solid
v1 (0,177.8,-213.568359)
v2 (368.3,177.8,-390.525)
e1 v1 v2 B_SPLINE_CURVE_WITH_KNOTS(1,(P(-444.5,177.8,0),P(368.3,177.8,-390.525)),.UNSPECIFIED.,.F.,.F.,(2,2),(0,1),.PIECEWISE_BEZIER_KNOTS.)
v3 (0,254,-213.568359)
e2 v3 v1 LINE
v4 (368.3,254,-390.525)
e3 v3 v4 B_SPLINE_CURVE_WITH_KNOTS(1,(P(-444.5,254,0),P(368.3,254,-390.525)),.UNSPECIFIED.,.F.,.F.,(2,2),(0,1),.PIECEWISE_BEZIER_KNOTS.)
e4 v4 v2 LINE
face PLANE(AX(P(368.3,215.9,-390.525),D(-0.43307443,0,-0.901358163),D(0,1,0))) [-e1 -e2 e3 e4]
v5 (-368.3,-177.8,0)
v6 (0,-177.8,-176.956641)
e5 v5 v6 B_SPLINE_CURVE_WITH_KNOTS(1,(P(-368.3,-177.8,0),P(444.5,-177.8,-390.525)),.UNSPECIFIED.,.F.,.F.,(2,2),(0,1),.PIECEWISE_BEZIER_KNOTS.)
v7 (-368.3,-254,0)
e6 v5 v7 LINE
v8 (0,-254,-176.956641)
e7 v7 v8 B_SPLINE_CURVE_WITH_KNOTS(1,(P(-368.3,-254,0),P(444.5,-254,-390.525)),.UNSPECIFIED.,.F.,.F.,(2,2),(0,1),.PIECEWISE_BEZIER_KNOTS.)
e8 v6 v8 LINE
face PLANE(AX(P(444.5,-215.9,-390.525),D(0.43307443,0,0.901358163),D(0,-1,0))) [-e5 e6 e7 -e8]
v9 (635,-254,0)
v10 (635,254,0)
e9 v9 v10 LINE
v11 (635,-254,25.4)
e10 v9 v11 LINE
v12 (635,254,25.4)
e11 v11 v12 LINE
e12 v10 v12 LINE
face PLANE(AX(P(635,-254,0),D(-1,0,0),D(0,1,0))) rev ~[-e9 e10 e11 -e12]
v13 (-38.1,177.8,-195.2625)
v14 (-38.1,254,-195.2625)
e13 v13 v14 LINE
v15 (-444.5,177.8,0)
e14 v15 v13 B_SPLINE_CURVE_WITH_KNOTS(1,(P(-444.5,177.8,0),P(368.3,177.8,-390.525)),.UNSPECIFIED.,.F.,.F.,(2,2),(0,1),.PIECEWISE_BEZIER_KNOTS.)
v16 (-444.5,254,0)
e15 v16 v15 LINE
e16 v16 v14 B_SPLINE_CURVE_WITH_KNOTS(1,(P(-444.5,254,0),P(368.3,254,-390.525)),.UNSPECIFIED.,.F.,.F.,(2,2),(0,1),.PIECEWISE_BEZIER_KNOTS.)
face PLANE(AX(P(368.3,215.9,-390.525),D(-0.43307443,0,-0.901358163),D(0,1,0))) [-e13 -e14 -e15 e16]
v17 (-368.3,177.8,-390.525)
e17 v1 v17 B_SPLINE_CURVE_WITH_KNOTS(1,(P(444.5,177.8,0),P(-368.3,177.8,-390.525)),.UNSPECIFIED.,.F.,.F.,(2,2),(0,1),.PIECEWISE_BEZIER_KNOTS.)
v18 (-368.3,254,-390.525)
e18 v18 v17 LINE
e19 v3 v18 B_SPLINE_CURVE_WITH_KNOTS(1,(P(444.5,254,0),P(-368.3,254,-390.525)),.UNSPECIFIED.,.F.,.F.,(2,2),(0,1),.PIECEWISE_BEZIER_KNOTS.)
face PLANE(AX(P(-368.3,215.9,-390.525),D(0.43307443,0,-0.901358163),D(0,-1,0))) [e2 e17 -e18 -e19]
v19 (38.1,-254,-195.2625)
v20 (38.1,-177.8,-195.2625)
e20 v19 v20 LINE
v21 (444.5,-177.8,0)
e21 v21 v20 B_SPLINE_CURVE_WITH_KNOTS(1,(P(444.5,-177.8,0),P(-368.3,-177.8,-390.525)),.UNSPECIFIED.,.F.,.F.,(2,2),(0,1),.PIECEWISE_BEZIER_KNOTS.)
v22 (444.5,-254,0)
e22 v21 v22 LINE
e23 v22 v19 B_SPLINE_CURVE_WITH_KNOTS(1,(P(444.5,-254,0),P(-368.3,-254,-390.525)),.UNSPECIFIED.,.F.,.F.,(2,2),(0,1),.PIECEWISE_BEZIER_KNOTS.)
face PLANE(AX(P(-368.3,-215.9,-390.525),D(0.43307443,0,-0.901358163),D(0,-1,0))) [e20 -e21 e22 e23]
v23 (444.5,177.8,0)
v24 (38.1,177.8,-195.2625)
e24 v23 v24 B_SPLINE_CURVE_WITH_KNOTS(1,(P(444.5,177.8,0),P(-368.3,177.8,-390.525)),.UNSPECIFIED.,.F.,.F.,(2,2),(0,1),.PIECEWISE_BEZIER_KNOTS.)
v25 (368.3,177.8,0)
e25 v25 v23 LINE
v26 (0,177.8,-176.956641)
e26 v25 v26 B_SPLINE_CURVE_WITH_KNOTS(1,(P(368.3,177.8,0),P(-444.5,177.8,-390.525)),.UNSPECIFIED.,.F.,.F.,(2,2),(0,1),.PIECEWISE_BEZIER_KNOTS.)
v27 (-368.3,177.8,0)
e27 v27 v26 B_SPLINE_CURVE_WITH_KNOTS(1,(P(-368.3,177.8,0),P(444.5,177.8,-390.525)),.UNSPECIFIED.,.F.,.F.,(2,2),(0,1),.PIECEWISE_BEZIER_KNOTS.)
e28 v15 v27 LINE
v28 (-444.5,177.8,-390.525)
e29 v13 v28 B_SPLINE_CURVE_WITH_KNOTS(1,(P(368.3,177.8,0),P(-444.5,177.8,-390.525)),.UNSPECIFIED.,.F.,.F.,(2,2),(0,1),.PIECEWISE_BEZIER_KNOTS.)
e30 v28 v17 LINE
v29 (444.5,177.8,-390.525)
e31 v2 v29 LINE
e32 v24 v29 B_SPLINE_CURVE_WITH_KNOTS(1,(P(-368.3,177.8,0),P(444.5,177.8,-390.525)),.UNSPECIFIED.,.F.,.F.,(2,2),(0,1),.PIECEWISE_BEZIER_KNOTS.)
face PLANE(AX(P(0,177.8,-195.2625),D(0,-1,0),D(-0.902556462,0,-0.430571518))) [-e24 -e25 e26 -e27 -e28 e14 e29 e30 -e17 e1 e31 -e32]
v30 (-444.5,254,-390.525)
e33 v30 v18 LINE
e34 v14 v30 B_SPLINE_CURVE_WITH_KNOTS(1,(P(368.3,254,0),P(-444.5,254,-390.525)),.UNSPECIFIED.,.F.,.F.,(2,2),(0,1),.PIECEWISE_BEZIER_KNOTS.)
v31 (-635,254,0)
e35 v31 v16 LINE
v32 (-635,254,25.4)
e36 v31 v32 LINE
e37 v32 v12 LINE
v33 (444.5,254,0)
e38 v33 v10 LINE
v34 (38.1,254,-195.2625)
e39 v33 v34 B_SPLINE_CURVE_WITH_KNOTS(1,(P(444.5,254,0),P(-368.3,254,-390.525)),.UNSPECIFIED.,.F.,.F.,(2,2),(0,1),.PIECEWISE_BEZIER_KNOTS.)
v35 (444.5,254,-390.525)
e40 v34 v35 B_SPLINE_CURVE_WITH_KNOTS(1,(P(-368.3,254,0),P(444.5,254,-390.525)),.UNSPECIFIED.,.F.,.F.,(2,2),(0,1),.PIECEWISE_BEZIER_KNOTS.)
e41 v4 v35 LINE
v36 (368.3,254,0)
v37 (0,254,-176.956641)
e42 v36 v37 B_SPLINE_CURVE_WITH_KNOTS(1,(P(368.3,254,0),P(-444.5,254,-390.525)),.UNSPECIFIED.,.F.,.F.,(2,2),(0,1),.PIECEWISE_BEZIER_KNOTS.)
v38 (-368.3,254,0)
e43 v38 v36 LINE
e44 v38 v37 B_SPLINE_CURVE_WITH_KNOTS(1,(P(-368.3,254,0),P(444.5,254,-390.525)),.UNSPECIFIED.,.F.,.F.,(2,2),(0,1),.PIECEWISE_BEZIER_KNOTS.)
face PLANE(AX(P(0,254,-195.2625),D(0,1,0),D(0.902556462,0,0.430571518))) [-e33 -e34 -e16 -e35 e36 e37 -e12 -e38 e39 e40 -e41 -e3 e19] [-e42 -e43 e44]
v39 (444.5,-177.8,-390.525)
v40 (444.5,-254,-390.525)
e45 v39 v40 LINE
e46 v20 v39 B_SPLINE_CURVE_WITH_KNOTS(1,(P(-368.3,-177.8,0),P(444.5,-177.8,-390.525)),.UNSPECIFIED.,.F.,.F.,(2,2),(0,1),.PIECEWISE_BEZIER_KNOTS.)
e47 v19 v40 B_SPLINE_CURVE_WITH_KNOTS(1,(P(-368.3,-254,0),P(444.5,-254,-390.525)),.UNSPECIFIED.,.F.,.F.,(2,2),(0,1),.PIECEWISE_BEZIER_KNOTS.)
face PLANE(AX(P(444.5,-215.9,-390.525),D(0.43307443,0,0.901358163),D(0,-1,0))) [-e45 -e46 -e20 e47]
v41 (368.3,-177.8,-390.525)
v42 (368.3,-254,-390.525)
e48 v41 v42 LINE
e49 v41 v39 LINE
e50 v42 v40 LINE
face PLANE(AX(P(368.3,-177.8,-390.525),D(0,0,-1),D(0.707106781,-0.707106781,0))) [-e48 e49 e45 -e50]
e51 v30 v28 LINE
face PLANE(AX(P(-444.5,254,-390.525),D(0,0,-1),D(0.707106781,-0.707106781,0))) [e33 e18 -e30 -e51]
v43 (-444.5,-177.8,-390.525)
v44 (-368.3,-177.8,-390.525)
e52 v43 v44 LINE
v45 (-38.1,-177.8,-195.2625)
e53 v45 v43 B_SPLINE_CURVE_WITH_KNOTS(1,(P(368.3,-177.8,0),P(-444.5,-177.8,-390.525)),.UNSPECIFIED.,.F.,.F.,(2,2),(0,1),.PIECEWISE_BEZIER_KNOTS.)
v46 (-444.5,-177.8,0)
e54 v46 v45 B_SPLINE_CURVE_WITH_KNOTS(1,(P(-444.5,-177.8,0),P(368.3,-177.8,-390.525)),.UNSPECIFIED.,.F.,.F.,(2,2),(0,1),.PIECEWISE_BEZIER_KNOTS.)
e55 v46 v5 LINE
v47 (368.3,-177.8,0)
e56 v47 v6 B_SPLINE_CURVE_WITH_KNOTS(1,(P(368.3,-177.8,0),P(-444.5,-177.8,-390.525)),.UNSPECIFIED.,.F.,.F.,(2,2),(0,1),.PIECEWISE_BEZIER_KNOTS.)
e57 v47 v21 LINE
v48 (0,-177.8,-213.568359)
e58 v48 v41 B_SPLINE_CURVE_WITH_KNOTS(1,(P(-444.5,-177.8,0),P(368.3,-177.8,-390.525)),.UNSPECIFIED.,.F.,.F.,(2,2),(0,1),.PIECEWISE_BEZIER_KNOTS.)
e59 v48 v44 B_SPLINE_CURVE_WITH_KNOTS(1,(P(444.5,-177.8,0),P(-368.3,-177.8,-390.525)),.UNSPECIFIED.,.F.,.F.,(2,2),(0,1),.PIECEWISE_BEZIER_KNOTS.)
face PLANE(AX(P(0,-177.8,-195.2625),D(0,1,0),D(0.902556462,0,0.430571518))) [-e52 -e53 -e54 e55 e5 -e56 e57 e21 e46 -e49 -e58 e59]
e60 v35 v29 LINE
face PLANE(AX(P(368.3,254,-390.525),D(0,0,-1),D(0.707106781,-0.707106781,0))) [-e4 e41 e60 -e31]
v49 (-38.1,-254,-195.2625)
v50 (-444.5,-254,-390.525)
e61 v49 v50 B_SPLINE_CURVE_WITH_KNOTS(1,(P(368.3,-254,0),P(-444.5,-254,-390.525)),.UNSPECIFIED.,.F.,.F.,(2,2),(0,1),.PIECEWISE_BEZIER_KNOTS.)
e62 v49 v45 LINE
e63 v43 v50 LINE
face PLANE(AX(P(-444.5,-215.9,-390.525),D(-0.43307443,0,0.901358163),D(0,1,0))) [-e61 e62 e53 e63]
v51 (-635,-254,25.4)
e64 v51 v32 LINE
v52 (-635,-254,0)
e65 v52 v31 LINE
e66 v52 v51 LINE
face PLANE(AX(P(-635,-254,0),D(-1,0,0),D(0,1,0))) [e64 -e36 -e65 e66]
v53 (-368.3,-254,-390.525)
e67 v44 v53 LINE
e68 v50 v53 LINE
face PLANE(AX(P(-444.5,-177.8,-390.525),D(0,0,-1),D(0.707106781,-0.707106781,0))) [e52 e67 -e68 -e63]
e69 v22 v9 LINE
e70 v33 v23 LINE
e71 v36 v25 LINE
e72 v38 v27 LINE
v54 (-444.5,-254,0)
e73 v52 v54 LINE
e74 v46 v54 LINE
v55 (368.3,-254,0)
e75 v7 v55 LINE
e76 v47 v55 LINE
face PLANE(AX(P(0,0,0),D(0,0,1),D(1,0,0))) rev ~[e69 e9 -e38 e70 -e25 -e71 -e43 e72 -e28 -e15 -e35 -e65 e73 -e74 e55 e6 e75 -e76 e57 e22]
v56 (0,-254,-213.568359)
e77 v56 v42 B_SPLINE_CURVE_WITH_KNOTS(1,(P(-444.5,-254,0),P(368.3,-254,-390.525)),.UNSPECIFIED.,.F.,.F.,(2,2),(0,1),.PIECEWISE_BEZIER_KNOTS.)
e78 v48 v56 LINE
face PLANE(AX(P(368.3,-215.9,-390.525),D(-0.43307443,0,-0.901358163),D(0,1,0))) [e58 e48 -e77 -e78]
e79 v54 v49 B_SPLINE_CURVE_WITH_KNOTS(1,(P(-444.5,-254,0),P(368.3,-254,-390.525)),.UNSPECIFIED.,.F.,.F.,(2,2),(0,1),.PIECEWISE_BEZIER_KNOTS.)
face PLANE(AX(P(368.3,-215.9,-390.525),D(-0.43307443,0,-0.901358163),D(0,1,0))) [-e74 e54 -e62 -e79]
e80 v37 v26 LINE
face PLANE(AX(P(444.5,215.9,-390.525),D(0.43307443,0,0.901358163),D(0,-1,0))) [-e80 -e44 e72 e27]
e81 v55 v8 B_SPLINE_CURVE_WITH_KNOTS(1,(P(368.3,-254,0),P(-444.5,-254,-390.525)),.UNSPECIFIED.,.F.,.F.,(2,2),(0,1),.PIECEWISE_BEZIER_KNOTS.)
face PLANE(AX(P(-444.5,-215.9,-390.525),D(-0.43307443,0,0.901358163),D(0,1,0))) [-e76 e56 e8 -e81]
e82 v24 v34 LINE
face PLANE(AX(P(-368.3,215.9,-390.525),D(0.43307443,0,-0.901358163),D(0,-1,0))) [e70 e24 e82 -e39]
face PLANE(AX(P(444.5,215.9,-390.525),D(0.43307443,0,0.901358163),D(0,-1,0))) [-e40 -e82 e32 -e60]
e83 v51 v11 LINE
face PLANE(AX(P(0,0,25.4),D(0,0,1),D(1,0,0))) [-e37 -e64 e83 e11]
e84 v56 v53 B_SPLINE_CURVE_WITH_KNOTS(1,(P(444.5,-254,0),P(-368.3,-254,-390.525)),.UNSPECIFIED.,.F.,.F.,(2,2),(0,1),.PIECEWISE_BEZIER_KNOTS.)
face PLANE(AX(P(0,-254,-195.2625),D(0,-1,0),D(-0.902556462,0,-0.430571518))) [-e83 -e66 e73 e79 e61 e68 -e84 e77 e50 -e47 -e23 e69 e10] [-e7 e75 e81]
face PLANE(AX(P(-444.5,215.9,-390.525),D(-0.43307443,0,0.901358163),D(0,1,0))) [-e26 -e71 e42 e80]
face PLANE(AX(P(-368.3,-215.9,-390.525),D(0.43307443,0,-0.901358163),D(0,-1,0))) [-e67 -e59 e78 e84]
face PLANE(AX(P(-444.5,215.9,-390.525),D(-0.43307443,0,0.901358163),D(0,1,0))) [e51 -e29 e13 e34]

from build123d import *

# Parameters (mm, degrees)
F0_W     = 1270
F0_H     = 508
F1_DEPTH = 25.4
F2_W     = 76.2
F2_H     = 76.2
F4_W     = 76.2
F4_H     = 76.2


with BuildPart() as f1:
    # F0 (on Top) → F1 (new body)
    with BuildSketch(Plane.XY):
        Rectangle(F0_W, F0_H)
    extrude(amount=F1_DEPTH)

    # F2 (on face) → F5 section 0
    with BuildSketch(Plane(origin=(0, 0, 0), x_dir=(1, 0, 0), z_dir=(0, 0, -1))):
        with Locations((-406.4, 215.9)):
            Rectangle(F2_W, F2_H)
    # F4 (on offset) → F5 section 1
    with BuildSketch(Plane(origin=(0, 0, -390.525), x_dir=(1, 0, 0), z_dir=(0, 0, -1))):
        with Locations((406.4, 215.9)):
            Rectangle(F4_W, F4_H)
    loft()

    # F2 (on face) → F6 section 0
    with BuildSketch(Plane(origin=(0, 0, 0), x_dir=(1, 0, 0), z_dir=(0, 0, -1))):
        with Locations((-406.4, -215.9)):
            Rectangle(F2_W, F2_H)
    # F4 (on offset) → F6 section 1
    with BuildSketch(Plane(origin=(0, 0, -390.525), x_dir=(1, 0, 0), z_dir=(0, 0, -1))):
        with Locations((406.4, -215.9)):
            Rectangle(F4_W, F4_H)
    loft()

    # F2 (on face) → F7 section 0
    with BuildSketch(Plane(origin=(0, 0, 0), x_dir=(1, 0, 0), z_dir=(0, 0, -1))):
        with Locations((406.4, -215.9)):
            Rectangle(F2_W, F2_H)
    # F4 (on offset) → F7 section 1
    with BuildSketch(Plane(origin=(0, 0, -390.525), x_dir=(1, 0, 0), z_dir=(0, 0, -1))):
        with Locations((-406.4, -215.9)):
            Rectangle(F4_W, F4_H)
    loft()

    # F2 (on face) → F8 section 0
    with BuildSketch(Plane(origin=(0, 0, 0), x_dir=(1, 0, 0), z_dir=(0, 0, -1))):
        with Locations((406.4, 215.9)):
            Rectangle(F2_W, F2_H)
    # F4 (on offset) → F8 section 1
    with BuildSketch(Plane(origin=(0, 0, -390.525), x_dir=(1, 0, 0), z_dir=(0, 0, -1))):
        with Locations((-406.4, 215.9)):
            Rectangle(F4_W, F4_H)
    loft()


solid = f1.part
